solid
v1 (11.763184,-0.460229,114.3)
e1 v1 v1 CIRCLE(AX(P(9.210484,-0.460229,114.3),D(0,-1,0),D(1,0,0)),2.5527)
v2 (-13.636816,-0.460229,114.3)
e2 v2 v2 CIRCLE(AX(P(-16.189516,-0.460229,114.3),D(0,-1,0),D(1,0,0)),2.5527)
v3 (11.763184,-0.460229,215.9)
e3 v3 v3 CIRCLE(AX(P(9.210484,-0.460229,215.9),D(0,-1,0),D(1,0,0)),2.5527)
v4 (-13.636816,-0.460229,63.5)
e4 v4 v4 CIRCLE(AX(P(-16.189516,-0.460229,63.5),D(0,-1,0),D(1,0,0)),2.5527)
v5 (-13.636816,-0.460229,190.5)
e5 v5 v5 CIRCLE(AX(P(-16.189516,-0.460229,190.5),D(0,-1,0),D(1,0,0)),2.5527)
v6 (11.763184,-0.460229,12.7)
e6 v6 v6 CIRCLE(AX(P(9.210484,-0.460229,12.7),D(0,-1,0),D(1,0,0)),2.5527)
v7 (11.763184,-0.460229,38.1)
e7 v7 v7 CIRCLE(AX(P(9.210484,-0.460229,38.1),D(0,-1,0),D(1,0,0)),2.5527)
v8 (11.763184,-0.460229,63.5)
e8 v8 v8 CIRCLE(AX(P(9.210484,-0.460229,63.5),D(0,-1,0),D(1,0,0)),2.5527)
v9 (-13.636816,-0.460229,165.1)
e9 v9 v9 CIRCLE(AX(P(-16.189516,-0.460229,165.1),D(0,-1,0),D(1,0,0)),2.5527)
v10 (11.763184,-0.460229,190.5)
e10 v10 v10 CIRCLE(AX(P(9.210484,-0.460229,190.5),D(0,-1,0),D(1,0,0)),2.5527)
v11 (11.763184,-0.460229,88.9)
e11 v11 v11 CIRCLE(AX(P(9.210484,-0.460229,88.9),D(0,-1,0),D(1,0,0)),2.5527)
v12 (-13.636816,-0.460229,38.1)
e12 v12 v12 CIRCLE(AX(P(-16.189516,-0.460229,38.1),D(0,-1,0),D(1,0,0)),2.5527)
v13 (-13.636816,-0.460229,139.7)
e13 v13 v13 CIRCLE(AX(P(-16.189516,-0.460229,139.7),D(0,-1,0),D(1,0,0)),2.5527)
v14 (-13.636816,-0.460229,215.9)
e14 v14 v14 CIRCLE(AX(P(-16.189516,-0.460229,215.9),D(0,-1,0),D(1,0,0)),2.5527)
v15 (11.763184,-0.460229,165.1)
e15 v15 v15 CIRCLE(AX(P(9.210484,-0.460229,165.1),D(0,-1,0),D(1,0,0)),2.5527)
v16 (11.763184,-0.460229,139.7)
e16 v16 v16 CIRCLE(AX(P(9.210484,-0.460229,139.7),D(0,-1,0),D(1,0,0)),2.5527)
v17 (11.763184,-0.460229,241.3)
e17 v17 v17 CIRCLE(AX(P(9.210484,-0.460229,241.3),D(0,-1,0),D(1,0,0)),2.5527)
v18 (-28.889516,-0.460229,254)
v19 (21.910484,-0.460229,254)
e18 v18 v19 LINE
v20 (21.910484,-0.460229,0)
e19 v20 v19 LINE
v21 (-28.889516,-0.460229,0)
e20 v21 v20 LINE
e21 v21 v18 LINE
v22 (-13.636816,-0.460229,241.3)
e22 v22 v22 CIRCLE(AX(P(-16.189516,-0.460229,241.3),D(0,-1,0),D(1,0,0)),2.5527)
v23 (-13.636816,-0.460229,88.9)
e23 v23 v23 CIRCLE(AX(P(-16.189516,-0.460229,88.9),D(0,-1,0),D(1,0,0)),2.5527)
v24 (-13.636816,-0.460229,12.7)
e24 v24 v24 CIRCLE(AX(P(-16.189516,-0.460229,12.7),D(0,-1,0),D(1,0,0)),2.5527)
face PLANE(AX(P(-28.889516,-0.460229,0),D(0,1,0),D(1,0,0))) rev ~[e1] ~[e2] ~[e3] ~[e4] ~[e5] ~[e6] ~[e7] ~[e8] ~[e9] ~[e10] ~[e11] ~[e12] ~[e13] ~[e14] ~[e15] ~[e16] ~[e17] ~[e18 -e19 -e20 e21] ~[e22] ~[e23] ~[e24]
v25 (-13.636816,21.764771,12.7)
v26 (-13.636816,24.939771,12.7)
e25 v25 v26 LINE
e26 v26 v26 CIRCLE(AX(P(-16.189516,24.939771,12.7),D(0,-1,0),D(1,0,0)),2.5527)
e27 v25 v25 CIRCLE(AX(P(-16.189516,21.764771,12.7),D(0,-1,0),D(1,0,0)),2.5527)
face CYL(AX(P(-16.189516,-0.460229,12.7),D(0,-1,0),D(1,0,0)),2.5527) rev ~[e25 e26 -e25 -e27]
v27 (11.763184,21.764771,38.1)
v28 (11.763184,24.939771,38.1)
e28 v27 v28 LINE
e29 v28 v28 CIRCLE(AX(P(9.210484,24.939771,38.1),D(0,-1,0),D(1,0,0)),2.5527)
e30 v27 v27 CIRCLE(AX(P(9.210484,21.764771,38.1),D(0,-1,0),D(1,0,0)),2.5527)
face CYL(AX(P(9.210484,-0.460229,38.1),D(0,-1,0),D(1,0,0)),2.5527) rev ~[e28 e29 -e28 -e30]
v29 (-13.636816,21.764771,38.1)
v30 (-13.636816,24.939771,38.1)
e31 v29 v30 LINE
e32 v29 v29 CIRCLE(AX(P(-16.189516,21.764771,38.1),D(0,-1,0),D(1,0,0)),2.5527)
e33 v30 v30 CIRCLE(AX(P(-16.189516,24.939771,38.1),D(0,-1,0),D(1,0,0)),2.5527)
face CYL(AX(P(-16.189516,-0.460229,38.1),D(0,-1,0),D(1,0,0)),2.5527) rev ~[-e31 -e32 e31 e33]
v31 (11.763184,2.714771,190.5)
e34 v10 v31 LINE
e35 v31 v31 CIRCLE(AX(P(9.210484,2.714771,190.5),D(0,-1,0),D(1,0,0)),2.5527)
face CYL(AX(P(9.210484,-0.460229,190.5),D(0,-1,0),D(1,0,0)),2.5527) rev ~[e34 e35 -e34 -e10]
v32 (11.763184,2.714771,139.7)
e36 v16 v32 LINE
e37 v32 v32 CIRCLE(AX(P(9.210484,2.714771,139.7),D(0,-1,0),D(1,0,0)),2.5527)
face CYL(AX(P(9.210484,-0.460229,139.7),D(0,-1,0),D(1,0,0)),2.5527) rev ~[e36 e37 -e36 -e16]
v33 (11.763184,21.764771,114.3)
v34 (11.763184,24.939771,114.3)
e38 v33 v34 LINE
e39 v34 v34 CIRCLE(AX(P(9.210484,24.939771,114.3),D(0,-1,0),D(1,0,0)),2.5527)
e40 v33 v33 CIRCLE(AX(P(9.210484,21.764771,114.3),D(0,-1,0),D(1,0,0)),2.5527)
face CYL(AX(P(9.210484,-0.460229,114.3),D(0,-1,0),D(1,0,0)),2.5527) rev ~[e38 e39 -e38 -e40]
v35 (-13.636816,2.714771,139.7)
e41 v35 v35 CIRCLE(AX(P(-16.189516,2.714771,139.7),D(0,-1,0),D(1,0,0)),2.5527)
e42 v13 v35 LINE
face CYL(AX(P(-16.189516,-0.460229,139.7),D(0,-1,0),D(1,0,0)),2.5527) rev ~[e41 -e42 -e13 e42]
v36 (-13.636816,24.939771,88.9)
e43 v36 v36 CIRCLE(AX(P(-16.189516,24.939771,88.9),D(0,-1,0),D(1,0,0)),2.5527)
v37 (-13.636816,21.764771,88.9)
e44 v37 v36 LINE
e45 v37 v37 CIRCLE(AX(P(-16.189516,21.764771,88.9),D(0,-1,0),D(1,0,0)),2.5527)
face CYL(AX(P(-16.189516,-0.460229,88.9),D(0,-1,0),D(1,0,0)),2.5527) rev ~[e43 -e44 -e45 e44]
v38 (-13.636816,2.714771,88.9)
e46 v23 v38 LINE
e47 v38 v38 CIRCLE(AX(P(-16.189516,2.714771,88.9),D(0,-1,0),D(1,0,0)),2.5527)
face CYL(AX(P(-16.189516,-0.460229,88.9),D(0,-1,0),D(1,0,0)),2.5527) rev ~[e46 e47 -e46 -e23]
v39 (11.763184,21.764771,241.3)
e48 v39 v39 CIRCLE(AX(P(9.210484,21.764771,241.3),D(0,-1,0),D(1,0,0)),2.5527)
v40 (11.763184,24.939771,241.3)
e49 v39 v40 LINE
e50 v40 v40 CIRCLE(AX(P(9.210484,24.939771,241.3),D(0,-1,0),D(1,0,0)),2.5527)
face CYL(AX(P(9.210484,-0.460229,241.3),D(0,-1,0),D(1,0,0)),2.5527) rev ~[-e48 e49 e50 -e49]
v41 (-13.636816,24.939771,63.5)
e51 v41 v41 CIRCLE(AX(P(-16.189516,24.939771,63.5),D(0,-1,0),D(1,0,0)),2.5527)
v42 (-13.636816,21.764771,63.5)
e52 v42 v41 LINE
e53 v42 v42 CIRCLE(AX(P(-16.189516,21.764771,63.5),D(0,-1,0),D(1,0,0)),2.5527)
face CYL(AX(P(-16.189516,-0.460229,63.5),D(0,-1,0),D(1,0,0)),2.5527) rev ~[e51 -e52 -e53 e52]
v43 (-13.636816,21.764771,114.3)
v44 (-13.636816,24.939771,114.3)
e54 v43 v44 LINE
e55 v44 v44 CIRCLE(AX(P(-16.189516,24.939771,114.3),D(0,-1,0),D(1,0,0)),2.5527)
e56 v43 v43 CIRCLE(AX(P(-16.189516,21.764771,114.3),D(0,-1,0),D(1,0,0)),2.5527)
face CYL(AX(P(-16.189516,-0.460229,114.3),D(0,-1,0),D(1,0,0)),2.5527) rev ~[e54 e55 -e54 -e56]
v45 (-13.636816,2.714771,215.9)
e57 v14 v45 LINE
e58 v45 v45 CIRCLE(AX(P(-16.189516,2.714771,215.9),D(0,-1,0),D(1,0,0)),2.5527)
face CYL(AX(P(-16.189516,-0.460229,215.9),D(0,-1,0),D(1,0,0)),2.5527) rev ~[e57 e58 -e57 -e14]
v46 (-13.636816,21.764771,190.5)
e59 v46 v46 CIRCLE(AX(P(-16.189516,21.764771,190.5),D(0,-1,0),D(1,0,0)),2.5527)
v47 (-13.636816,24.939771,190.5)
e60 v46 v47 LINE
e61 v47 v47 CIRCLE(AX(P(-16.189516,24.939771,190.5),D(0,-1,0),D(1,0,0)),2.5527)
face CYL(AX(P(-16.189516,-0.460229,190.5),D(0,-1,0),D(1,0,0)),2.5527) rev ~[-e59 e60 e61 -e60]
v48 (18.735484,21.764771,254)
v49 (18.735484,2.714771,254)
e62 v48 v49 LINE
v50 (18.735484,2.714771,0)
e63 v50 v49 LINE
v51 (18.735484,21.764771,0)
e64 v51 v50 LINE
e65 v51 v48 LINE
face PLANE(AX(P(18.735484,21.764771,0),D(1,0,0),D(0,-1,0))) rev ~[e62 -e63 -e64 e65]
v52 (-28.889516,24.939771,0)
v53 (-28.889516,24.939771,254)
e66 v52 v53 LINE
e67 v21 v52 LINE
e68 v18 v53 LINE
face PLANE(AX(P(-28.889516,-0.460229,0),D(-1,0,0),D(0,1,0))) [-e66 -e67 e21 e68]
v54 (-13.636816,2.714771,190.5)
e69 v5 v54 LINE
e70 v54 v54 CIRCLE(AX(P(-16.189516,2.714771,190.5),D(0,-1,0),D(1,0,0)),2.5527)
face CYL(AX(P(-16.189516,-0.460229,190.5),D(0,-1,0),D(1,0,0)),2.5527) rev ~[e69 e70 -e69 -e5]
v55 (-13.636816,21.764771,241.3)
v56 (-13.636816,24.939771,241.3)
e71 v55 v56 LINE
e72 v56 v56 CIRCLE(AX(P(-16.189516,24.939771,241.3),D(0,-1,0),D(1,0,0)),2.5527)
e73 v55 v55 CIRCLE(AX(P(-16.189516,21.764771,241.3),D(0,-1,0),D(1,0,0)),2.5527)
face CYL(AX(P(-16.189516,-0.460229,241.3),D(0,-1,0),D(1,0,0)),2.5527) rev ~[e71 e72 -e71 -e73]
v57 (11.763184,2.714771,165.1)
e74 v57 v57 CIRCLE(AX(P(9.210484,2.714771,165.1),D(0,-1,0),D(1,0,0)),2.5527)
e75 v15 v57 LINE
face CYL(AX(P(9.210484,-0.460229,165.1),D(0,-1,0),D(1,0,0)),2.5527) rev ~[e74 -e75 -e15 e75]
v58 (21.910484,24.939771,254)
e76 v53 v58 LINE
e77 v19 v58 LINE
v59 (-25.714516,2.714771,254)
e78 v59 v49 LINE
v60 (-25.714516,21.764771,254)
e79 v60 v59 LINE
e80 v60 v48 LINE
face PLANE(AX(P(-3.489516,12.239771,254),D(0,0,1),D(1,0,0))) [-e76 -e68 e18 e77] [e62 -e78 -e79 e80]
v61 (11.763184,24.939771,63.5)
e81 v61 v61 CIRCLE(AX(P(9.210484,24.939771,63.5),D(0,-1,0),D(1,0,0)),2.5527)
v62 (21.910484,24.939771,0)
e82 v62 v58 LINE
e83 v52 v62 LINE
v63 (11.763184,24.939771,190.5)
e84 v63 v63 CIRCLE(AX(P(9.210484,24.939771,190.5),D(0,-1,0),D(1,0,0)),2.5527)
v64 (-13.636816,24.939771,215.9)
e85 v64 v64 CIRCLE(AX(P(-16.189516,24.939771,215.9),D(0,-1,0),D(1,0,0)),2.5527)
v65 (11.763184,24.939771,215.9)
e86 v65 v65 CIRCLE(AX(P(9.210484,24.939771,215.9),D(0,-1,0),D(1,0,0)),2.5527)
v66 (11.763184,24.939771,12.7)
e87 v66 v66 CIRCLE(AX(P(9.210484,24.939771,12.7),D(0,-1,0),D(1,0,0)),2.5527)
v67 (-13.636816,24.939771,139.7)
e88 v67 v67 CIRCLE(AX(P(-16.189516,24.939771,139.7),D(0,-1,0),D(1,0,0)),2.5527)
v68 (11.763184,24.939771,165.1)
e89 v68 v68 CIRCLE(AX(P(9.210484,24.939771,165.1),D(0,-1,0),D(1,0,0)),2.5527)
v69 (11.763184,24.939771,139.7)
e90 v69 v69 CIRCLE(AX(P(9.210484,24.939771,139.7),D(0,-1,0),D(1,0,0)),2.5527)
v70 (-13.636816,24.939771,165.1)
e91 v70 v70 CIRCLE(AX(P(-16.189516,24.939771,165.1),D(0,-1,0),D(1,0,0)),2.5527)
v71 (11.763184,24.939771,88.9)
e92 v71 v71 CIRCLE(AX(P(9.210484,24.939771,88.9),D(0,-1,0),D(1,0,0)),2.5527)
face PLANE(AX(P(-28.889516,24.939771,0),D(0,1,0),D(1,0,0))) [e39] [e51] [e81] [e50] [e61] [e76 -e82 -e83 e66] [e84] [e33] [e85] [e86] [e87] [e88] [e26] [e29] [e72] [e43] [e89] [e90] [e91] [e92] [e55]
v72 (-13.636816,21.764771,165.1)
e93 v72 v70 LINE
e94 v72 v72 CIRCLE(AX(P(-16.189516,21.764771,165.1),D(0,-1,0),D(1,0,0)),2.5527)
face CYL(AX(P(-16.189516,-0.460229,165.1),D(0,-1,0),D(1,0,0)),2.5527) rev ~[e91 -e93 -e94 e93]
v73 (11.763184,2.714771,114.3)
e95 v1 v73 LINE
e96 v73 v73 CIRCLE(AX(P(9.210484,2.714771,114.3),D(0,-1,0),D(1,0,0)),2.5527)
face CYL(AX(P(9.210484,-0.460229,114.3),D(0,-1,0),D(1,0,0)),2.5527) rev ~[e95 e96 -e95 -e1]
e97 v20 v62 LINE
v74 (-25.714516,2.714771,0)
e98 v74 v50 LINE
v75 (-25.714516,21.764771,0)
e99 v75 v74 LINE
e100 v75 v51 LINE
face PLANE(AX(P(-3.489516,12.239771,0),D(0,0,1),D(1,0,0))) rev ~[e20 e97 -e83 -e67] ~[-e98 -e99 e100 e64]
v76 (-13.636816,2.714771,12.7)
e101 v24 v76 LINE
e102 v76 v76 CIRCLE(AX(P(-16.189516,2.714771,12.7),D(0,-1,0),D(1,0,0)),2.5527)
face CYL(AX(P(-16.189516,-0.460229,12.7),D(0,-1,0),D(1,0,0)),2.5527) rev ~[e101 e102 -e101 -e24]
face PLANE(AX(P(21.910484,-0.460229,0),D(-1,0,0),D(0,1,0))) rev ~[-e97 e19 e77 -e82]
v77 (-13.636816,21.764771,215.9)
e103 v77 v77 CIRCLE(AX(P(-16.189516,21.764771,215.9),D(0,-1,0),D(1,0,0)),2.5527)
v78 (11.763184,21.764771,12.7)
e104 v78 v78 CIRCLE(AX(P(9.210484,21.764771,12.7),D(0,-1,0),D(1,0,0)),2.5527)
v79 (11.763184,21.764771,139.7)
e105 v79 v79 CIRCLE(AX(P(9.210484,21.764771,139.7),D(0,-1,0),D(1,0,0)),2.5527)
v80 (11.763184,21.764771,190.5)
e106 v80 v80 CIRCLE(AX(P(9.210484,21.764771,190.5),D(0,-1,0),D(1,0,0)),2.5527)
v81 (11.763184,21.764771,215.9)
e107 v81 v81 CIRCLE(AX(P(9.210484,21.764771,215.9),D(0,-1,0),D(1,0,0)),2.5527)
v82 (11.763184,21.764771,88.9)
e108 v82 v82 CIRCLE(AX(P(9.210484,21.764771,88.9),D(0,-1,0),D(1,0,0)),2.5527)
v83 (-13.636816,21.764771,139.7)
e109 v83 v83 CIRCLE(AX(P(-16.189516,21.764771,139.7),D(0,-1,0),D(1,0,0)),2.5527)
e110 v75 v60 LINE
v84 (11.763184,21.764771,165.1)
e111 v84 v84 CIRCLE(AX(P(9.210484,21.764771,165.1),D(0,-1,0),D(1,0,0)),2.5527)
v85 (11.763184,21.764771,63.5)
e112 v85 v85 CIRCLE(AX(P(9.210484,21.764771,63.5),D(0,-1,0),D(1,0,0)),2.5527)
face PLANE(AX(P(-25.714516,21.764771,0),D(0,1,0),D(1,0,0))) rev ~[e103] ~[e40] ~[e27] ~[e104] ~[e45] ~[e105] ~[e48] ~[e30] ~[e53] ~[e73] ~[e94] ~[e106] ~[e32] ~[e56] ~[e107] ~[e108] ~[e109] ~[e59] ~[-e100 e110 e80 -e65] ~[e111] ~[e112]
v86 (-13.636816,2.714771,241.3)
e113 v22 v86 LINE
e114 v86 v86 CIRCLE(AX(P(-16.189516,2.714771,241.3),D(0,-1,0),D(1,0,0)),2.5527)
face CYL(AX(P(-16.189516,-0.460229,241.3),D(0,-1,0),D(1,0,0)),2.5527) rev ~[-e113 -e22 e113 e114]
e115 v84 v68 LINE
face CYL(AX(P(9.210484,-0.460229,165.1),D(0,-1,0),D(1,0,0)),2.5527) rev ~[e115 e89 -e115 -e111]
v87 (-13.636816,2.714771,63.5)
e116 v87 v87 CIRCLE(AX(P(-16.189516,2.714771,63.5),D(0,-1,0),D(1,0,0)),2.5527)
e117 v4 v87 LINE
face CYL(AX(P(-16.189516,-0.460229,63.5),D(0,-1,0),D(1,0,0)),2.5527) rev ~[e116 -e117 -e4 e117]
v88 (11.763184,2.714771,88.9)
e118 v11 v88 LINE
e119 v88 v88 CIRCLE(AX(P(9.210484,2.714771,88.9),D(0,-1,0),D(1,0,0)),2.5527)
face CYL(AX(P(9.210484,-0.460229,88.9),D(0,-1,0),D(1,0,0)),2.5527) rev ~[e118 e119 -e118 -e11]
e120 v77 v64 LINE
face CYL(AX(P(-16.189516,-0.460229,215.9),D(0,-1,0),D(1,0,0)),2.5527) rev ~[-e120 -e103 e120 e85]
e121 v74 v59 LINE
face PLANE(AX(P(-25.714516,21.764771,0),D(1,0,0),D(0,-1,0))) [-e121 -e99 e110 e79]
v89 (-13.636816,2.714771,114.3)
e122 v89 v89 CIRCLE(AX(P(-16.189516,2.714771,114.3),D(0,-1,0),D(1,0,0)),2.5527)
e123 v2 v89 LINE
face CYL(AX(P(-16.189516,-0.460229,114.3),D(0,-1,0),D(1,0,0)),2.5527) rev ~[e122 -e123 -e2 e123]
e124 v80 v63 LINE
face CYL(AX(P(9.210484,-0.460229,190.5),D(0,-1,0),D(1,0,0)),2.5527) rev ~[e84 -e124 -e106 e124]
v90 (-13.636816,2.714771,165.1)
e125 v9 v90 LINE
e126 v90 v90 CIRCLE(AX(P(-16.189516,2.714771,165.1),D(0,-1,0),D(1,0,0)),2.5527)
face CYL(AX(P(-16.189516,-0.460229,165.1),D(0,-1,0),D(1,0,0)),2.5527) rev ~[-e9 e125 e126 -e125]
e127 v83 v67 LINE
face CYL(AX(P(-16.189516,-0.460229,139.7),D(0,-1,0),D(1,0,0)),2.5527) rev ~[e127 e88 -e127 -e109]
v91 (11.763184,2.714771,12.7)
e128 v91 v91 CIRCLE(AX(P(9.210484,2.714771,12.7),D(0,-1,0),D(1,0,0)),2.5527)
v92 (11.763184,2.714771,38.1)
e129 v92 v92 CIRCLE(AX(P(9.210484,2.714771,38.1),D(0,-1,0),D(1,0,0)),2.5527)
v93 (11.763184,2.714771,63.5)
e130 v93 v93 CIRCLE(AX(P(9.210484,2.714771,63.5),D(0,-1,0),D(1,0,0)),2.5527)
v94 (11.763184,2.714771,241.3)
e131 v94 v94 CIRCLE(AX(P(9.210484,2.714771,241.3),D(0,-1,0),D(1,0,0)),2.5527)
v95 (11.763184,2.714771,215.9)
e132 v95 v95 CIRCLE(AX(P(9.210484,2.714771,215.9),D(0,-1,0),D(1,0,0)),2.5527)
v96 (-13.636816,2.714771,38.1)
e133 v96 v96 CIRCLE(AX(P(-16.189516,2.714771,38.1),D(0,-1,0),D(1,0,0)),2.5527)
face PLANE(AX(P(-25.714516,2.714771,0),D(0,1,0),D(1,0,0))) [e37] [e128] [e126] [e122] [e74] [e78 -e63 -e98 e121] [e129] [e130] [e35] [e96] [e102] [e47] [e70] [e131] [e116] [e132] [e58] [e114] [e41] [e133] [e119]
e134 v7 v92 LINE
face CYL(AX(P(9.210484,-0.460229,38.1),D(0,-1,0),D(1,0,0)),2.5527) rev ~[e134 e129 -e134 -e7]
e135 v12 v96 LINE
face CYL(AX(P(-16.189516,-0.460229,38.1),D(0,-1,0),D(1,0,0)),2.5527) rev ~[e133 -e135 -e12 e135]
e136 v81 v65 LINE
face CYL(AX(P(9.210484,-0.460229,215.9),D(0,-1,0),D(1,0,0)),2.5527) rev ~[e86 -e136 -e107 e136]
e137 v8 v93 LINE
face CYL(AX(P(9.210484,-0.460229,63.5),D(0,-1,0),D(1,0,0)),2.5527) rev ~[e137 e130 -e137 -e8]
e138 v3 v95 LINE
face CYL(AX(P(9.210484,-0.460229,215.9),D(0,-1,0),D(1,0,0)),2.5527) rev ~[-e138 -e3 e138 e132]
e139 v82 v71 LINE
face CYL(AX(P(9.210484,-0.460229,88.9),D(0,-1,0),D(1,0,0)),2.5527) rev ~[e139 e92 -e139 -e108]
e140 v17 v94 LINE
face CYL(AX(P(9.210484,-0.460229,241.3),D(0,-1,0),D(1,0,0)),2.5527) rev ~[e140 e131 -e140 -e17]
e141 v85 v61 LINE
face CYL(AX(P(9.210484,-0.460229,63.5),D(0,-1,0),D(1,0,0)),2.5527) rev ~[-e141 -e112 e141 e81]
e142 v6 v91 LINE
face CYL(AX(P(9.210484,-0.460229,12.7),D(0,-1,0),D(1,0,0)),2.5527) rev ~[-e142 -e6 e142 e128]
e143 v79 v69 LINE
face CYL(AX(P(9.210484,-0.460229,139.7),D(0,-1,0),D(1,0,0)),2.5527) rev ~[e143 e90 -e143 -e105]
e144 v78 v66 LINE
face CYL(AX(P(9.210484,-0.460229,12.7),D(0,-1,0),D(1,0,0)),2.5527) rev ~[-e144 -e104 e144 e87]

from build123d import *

# Parameters (mm, degrees)
F0_W     = 50.8
F0_H     = 25.4
F1_DEPTH = 254
F2_R     = 2.5527
F3_DEPTH = 25.4
F4_W     = 44.45
F4_H     = 19.05
F5_DEPTH = 254


with BuildPart() as f1:
    # F0 (on Top) → F1 (new body)
    with BuildSketch(Plane.XY):
        with Locations((-3.489516, 12.239771)):
            Rectangle(F0_W, F0_H)
    extrude(amount=F1_DEPTH)

    # F2 (on face) → F3 (cut)
    with BuildSketch(Plane.XZ.offset(0.460229)):
        with Locations((-16.189516, 241.3)):
            Circle(F2_R)
        with Locations((-16.189516, 215.9)):
            Circle(F2_R)
        with Locations((-16.189516, 190.5)):
            Circle(F2_R)
        with Locations((-16.189516, 165.1)):
            Circle(F2_R)
        with Locations((-16.189516, 139.7)):
            Circle(F2_R)
        with Locations((-16.189516, 114.3)):
            Circle(F2_R)
        with Locations((-16.189516, 88.9)):
            Circle(F2_R)
        with Locations((-16.189516, 63.5)):
            Circle(F2_R)
        with Locations((-16.189516, 38.1)):
            Circle(F2_R)
        with Locations((-16.189516, 12.7)):
            Circle(F2_R)
        with Locations((9.210484, 241.3)):
            Circle(F2_R)
        with Locations((9.210484, 215.9)):
            Circle(F2_R)
        with Locations((9.210484, 190.5)):
            Circle(F2_R)
        with Locations((9.210484, 165.1)):
            Circle(F2_R)
        with Locations((9.210484, 139.7)):
            Circle(F2_R)
        with Locations((9.210484, 114.3)):
            Circle(F2_R)
        with Locations((9.210484, 88.9)):
            Circle(F2_R)
        with Locations((9.210484, 63.5)):
            Circle(F2_R)
        with Locations((9.210484, 38.1)):
            Circle(F2_R)
        with Locations((9.210484, 12.7)):
            Circle(F2_R)
    extrude(amount=-F3_DEPTH, mode=Mode.SUBTRACT)

    # F4 (on face) → F5 (cut)
    with BuildSketch(Plane(origin=(0, 0, 0), x_dir=(1, 0, 0), z_dir=(0, 0, -1))):
        with Locations((-3.489516, -12.239771)):
            Rectangle(F4_W, F4_H)
    extrude(amount=-F5_DEPTH, mode=Mode.SUBTRACT)


solid = f1.part
